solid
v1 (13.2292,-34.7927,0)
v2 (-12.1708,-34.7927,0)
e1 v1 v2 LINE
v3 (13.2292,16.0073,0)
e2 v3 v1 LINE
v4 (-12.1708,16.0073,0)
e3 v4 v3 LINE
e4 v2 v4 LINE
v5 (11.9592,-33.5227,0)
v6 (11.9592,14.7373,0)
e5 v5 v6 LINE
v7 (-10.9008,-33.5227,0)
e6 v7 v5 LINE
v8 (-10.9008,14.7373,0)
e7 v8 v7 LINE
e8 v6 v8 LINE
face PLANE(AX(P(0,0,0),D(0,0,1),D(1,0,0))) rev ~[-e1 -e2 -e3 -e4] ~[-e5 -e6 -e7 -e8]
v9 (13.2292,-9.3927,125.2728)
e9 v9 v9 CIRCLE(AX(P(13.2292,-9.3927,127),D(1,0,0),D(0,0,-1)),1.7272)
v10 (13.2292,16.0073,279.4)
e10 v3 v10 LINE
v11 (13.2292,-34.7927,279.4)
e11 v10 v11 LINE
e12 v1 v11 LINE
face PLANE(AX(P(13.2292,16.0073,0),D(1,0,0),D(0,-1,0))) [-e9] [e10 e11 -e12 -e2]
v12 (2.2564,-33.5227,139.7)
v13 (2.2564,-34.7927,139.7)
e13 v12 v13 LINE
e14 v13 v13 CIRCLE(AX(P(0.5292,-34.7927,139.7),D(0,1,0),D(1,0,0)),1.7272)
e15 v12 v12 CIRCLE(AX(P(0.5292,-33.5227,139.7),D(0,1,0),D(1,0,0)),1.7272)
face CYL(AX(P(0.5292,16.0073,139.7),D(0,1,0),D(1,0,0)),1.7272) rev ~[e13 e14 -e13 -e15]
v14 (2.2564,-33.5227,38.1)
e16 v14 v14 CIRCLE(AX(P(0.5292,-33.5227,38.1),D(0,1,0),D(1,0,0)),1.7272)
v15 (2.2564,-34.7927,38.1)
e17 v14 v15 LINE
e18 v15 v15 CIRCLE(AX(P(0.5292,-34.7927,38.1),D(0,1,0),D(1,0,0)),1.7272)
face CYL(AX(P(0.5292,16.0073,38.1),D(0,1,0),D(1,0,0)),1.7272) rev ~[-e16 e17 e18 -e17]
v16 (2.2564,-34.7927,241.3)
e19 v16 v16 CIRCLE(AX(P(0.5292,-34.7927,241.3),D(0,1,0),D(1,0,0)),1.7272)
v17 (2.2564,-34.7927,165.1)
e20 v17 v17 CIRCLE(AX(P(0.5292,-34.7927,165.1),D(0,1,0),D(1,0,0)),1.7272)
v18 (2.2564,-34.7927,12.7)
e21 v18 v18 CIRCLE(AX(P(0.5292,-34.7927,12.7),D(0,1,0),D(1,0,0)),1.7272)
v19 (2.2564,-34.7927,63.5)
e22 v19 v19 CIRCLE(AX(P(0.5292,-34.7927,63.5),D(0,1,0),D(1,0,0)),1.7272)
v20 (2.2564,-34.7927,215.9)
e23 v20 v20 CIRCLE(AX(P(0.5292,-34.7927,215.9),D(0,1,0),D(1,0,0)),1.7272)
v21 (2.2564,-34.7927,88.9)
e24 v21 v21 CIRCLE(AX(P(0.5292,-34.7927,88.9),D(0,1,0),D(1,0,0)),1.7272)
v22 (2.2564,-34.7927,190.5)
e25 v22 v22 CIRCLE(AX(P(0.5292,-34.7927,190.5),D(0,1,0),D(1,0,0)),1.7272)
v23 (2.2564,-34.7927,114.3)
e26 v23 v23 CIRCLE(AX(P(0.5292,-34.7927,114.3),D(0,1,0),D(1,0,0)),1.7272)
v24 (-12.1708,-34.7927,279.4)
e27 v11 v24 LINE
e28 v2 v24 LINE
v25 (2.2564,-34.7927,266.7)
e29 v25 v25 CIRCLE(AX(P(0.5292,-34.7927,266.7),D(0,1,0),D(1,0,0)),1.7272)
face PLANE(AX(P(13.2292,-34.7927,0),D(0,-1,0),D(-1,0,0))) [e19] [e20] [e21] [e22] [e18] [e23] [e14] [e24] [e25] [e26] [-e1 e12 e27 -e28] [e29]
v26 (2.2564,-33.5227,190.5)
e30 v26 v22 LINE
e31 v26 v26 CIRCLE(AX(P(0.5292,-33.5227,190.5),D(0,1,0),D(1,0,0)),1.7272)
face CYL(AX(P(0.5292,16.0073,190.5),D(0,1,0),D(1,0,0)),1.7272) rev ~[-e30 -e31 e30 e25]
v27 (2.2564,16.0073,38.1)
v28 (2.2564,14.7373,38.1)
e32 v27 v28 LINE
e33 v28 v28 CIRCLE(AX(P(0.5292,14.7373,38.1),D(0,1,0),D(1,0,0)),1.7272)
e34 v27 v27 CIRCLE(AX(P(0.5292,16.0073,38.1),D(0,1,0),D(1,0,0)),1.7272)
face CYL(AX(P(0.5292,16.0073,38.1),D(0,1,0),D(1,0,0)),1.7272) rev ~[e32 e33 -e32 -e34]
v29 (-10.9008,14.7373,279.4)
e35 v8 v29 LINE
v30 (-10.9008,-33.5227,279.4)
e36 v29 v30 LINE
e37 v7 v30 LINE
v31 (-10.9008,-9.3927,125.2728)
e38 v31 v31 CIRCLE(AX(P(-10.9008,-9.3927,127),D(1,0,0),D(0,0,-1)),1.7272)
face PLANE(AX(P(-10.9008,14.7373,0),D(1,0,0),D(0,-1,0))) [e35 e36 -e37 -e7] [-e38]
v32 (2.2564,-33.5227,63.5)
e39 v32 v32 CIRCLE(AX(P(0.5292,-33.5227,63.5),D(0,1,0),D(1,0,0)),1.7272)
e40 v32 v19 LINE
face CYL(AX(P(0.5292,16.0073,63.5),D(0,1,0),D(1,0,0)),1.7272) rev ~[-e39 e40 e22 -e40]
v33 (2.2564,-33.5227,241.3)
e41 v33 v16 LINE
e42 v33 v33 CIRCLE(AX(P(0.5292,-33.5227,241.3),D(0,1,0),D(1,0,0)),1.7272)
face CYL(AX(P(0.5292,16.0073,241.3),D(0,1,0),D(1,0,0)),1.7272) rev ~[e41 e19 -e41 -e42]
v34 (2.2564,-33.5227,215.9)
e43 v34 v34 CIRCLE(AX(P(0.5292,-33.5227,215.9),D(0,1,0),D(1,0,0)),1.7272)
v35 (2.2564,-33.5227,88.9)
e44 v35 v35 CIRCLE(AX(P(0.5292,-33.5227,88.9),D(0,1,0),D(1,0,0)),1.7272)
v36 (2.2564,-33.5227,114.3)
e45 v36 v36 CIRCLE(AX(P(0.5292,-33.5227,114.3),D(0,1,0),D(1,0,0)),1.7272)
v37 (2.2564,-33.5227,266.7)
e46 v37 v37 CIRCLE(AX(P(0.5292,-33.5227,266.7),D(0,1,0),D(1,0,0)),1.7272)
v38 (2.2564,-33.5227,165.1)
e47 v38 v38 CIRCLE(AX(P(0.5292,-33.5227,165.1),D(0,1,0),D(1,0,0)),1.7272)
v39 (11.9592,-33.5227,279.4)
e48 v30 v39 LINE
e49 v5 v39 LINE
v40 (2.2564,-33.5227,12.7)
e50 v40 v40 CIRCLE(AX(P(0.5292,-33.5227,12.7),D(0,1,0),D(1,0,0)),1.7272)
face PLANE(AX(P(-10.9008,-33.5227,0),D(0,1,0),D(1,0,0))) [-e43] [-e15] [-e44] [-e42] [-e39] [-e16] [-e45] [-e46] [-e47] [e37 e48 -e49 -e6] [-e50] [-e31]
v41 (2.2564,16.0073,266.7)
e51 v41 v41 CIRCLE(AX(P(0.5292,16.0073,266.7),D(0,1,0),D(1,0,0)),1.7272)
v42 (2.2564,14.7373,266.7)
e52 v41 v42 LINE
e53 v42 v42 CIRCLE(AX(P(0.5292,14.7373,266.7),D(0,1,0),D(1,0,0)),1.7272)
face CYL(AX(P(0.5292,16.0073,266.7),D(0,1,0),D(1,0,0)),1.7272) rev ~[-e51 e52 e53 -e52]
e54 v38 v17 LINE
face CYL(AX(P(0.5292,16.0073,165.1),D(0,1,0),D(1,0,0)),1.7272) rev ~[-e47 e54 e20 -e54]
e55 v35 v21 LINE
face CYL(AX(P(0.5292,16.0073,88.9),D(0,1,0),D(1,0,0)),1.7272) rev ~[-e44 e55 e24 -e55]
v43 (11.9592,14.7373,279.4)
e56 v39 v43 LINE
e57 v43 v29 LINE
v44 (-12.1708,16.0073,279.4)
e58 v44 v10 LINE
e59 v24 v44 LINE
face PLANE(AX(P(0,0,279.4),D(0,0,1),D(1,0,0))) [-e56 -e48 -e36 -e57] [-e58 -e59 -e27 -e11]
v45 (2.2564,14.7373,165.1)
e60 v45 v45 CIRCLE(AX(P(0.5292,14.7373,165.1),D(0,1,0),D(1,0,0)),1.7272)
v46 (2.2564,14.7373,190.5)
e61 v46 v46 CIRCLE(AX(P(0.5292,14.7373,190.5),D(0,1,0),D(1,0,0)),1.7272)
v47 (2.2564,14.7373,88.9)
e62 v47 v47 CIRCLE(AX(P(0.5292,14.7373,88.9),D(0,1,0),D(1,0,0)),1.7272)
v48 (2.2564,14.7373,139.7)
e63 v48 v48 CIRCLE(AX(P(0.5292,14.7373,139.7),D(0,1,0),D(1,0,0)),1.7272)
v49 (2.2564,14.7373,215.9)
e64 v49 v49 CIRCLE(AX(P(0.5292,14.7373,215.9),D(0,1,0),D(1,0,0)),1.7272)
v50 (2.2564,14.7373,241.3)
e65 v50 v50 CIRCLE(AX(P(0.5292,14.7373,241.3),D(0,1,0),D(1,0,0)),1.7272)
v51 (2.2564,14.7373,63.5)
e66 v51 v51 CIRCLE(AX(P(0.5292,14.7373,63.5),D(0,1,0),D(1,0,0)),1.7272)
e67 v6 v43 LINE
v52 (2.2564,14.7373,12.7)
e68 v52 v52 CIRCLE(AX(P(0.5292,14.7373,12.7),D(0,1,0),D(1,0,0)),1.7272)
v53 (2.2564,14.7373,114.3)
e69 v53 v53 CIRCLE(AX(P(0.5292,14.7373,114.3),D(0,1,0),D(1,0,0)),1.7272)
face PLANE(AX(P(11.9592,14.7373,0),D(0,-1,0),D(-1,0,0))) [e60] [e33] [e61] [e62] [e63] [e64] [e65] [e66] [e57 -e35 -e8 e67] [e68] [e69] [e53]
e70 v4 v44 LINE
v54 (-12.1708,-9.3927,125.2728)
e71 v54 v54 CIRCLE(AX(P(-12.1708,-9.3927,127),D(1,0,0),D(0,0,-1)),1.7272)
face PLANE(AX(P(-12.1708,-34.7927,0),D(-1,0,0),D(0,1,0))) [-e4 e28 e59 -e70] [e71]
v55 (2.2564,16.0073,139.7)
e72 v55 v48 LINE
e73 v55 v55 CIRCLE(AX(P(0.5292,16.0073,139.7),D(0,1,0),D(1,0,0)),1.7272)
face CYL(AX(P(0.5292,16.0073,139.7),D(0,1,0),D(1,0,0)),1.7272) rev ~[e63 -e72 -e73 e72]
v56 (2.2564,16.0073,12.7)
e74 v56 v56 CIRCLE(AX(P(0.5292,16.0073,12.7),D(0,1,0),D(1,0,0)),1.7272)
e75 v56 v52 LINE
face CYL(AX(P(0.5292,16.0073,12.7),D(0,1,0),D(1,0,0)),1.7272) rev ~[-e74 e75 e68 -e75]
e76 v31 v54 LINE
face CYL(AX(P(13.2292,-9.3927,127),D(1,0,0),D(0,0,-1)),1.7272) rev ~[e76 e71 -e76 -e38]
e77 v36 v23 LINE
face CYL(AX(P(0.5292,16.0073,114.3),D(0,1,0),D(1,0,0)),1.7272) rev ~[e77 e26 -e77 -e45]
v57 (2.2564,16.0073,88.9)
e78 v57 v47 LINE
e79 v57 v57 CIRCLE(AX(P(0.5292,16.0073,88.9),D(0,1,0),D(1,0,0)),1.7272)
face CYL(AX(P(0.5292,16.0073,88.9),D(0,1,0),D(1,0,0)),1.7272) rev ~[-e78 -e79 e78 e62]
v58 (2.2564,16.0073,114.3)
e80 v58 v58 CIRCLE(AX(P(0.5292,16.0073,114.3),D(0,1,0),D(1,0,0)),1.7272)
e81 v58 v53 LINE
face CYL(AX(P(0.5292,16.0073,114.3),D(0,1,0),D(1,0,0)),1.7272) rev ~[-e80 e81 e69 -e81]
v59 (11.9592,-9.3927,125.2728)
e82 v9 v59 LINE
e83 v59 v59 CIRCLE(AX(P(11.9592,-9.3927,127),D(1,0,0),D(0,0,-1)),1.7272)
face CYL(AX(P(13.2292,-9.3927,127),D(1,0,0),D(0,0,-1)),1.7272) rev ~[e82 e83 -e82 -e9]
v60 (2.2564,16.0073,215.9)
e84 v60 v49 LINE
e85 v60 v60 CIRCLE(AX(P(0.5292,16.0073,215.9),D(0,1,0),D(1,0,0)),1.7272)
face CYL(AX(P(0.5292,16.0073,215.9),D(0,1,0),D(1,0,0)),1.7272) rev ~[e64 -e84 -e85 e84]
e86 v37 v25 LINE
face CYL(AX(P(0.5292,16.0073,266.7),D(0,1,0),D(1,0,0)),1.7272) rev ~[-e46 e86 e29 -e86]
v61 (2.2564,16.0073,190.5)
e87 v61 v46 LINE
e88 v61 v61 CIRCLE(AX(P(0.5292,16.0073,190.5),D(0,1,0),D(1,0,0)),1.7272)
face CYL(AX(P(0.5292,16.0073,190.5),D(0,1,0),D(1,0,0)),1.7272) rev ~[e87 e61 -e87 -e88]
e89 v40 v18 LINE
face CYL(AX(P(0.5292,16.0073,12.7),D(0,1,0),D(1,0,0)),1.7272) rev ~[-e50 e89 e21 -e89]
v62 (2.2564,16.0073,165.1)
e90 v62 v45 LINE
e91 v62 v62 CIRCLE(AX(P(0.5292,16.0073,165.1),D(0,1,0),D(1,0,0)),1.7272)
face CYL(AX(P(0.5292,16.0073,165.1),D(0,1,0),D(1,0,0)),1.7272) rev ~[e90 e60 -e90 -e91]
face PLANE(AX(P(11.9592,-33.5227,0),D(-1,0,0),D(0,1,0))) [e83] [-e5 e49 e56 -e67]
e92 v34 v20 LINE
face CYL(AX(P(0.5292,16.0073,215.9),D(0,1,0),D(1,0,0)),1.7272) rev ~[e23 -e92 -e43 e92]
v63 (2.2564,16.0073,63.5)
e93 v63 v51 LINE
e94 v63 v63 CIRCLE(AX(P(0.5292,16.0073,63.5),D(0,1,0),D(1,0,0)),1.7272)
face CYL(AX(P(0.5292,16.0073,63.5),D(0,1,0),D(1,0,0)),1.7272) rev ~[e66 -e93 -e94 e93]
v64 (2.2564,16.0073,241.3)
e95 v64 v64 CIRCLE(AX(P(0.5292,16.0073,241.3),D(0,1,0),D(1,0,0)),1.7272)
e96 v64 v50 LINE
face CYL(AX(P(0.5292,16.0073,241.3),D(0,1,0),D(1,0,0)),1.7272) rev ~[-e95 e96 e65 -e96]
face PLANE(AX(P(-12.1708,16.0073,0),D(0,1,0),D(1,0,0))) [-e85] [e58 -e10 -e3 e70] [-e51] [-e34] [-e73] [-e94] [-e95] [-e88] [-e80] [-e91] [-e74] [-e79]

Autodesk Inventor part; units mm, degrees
ref_plane "YZ Plane" through (0, 0, 0) normal (1, 0, 0) x (0, 1, 0)
ref_plane "XZ Plane" through (0, 0, 0) normal (0, 1, 0) x (-1, 0, 0)
ref_plane "XY Plane" through (0, 0, 0) normal (0, 0, 1) x (1, 0, 0)
sketch "Sketch1" plane through (0, 0, 0) normal (0, 0, 1) x (1, 0, 0)
  line L0 (-12.1708, 16.0073) -> (13.2292, 16.0073)
  line L1 (13.2292, 16.0073) -> (13.2292, -34.7927)
  line L2 (13.2292, -34.7927) -> (-12.1708, -34.7927)
  line L3 (-12.1708, -34.7927) -> (-12.1708, 16.0073)
  line L4 (11.9592, 14.7373) -> (-10.9008, 14.7373)
  line L5 (-10.9008, 14.7373) -> (-10.9008, -33.5227)
  line L6 (-10.9008, -33.5227) -> (11.9592, -33.5227)
  line L7 (11.9592, -33.5227) -> (11.9592, 14.7373)
  point P0 (0, 0)
  dimension "d0" = 25.4
  dimension "d1" = 50.8
  dimension "d2" = 1.27
extrude "Extrusion1" add sketch "Sketch1" along normal blind 279.4
sketch "Sketch2" plane through (-12.1708, 16.0073, 0) normal (0, 1, 0) x (1, 0, 0)
  circle A0 centre (12.7, -12.7) radius 1.7272
  line L0 (25.4, 0) -> (0, 0) projected
  line L1 (0, 0) -> (0, -279.4) projected
  point P0 (12.1708, 0)
  dimension "d5" = 3.4544
  dimension "d6" = 12.7
  dimension "d7" = 12.7
extrude "Extrusion2" cut sketch "Sketch2" against normal through all
pattern_linear "Rectangular Pattern1" count 11 spacing 25.4 along (0, 0, 1) of "Extrusion2"
sketch "Sketch4" plane through (13.2292, -34.7927, 0) normal (1, 0, 0) x (0, 0, -1)
  circle A0 centre (-127, 25.4) radius 1.7272
  line L0 (-279.4, 0) -> (-279.4, 50.8) projected
  line L1 (0, 50.8) -> (-279.4, 50.8) projected
  point P0 (0, 34.7927)
  dimension "d21" = 3.4544
  dimension "d22" = 152.4
  dimension "d23" = 25.4
extrude "Extrusion4" cut sketch "Sketch4" against normal blind 25.4
equation "\"d3\" = d13"
equation "\"d13\" = 279.4"
properties part number "VerseFrame 11in w hole"
